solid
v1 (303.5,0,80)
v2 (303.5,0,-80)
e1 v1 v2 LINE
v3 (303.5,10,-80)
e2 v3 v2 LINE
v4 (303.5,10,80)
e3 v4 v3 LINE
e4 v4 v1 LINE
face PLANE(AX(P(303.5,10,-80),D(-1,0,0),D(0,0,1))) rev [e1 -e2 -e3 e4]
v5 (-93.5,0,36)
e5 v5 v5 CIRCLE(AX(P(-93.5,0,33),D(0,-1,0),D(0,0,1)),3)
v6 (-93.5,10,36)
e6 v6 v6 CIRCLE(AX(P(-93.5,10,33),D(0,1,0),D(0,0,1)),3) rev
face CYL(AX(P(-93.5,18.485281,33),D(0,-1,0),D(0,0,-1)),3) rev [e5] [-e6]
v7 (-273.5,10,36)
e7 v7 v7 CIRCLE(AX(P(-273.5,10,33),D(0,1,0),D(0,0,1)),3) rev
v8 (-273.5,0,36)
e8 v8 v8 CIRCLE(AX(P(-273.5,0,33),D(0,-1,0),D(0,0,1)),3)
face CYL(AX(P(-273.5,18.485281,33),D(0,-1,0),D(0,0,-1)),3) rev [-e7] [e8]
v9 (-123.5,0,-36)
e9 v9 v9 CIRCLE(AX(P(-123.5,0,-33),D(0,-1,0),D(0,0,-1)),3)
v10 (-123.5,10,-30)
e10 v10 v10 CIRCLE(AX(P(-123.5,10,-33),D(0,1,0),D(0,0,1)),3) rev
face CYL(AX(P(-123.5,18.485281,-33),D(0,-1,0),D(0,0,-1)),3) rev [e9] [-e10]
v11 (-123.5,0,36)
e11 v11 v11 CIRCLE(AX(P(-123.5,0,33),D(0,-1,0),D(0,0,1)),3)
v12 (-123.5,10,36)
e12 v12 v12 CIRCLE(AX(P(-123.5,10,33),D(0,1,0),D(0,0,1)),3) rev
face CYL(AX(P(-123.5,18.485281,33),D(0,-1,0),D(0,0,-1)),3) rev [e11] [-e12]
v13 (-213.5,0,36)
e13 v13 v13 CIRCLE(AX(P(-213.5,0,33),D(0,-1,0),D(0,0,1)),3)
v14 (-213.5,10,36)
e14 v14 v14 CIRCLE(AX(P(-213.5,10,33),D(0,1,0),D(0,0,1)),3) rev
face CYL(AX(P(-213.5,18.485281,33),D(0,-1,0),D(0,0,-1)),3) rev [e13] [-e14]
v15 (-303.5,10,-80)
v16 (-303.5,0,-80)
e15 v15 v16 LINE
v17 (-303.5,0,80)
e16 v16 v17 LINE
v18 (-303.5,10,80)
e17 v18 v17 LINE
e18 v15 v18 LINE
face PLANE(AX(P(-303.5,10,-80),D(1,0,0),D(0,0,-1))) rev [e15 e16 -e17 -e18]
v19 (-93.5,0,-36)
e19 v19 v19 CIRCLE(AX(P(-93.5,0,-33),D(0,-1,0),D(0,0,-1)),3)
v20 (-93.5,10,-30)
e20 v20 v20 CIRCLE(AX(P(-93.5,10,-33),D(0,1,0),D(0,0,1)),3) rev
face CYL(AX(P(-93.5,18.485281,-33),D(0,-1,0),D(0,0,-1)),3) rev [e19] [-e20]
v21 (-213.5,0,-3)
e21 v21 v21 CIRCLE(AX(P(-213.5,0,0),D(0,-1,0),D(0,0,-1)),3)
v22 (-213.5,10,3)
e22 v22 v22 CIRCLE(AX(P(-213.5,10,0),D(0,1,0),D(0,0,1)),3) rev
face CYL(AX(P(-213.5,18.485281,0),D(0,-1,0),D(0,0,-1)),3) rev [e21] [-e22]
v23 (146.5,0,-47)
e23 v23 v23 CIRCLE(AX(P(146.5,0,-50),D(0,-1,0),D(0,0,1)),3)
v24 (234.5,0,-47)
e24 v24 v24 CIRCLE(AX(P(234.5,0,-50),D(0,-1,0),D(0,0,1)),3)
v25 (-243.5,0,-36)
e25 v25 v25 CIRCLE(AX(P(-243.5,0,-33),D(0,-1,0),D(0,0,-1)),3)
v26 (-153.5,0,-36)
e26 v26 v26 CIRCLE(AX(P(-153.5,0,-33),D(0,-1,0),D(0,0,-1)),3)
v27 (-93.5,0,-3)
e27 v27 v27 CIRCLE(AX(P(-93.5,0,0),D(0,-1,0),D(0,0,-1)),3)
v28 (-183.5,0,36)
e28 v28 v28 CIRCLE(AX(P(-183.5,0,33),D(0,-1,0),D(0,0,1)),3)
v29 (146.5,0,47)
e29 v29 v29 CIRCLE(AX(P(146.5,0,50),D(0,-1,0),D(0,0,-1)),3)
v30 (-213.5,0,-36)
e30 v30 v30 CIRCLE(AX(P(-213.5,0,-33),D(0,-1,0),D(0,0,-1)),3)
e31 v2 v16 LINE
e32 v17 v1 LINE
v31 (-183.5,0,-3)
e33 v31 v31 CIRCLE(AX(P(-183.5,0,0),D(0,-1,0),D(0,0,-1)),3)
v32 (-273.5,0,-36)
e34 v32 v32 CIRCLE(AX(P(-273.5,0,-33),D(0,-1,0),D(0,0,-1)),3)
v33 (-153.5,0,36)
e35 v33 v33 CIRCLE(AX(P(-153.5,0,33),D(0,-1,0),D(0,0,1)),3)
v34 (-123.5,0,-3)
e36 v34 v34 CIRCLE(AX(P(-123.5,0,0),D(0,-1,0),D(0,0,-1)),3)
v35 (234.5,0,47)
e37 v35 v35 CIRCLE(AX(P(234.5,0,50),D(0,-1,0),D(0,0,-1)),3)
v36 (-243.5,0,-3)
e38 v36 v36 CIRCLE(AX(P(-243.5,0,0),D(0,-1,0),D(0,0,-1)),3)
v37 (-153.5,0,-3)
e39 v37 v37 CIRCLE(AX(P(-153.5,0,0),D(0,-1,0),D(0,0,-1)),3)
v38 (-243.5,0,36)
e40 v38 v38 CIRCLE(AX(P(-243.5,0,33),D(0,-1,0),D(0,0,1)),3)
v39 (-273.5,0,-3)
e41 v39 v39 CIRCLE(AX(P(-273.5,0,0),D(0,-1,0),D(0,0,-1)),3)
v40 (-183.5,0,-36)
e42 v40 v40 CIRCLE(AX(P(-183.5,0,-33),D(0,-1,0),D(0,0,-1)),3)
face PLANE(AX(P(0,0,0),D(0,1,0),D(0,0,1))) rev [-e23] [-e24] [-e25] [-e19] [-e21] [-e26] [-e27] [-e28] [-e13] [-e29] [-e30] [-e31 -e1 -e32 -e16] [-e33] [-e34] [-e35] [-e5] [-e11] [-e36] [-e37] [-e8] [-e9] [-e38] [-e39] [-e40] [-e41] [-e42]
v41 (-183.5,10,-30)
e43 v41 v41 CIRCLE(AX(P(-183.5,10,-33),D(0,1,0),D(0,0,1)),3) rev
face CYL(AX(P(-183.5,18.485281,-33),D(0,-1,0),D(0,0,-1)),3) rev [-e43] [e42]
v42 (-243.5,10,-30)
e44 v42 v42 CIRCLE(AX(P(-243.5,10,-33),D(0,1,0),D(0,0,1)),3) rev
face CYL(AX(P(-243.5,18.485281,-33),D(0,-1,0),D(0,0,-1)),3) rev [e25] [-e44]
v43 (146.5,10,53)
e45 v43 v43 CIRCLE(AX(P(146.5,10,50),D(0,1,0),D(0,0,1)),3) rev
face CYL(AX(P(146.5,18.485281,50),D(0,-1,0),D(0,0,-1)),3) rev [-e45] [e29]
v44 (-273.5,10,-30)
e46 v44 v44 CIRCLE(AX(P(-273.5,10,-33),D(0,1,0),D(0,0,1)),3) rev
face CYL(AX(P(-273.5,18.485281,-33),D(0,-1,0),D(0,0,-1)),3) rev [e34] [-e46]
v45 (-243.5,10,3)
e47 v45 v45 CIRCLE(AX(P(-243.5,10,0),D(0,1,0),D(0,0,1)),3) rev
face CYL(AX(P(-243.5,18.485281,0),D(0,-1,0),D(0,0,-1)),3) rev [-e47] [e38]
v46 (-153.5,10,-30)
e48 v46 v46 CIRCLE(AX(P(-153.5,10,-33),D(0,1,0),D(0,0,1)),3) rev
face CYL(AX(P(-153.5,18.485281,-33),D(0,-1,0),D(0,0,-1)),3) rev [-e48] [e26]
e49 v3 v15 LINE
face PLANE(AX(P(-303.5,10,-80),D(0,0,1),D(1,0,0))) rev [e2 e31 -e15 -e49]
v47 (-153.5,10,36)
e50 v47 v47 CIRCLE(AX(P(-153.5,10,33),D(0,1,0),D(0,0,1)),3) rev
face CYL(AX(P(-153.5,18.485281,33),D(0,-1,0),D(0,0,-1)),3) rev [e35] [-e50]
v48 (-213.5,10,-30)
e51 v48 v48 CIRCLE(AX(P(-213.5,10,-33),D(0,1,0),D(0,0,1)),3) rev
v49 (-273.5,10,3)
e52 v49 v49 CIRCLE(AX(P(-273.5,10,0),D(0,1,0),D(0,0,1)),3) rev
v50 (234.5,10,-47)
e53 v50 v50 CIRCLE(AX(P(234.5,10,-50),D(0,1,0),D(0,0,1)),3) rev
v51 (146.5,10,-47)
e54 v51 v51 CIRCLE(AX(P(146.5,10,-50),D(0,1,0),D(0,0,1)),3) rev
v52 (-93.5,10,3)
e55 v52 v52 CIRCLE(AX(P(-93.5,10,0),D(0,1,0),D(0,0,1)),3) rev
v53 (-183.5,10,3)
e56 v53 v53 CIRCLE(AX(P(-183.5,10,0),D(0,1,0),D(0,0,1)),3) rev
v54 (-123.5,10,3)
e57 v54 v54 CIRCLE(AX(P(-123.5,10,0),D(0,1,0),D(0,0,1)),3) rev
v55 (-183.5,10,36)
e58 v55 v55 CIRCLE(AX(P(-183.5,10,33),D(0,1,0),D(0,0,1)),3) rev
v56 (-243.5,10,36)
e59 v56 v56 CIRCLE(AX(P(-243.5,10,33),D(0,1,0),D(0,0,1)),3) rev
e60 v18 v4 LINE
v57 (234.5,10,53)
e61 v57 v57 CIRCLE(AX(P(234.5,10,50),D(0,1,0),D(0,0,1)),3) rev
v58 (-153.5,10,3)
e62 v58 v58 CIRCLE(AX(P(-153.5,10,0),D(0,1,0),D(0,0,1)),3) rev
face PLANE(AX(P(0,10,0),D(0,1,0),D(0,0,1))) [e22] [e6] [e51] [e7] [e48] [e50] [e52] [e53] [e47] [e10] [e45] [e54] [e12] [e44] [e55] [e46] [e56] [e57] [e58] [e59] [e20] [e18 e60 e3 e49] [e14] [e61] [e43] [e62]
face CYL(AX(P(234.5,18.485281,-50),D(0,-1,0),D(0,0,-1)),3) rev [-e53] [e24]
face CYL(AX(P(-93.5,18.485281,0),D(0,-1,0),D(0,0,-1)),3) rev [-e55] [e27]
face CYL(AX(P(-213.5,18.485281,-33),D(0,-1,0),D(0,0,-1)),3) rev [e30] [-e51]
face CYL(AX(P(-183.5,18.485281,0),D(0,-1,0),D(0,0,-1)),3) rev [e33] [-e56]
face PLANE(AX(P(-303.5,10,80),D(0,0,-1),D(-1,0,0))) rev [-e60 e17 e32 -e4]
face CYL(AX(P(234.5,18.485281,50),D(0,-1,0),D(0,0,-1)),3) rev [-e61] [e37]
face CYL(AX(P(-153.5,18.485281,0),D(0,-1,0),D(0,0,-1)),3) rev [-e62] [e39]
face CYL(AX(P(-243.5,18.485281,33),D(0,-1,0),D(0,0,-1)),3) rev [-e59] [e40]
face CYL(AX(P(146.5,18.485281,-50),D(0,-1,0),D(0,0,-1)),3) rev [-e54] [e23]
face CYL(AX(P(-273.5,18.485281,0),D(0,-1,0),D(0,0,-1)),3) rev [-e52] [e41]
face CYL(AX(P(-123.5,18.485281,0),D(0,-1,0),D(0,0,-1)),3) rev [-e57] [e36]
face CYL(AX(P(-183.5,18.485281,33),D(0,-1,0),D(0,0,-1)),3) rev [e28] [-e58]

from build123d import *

# Parameters (mm, degrees)
SKETCH1_W           = 607
SKETCH1_H           = 160
BOSS_EXTRUDE1_DEPTH = 10
SKETCH2_R           = 3
CUT_EXTRUDE1_DEPTH  = 10


with BuildPart() as part:
    # Sketch1 → Boss-Extrude1 (new body)
    with BuildSketch(Plane(origin=(0, 0, 0), x_dir=(1, 0, 0), z_dir=(0, 1, 0))):
        Rectangle(SKETCH1_W, SKETCH1_H)
    extrude(amount=BOSS_EXTRUDE1_DEPTH)

    # Sketch2 → Cut-Extrude1 (cut)
    with BuildSketch(Plane.XZ):
        with Locations(Location((-93.5, -33, 0), (0, 0, 270))):
            Circle(SKETCH2_R)
        with Locations(Location((-123.5, -33, 0), (0, 0, 270))):
            Circle(SKETCH2_R)
        with Locations(Location((-153.5, -33, 0), (0, 0, 270))):
            Circle(SKETCH2_R)
        with Locations(Location((-183.5, -33, 0), (0, 0, 270))):
            Circle(SKETCH2_R)
        with Locations(Location((-183.5, 0, 0), (0, 0, 270))):
            Circle(SKETCH2_R)
        with Locations(Location((-183.5, 33, 0), (0, 0, 90))):
            Circle(SKETCH2_R)
        with Locations(Location((-213.5, 33, 0), (0, 0, 90))):
            Circle(SKETCH2_R)
        with Locations(Location((-153.5, 0, 0), (0, 0, 270))):
            Circle(SKETCH2_R)
        with Locations(Location((-213.5, -33, 0), (0, 0, 270))):
            Circle(SKETCH2_R)
        with Locations(Location((-153.5, 33, 0), (0, 0, 90))):
            Circle(SKETCH2_R)
        with Locations(Location((-123.5, 0, 0), (0, 0, 270))):
            Circle(SKETCH2_R)
        with Locations(Location((-123.5, 33, 0), (0, 0, 90))):
            Circle(SKETCH2_R)
        with Locations(Location((-93.5, 0, 0), (0, 0, 270))):
            Circle(SKETCH2_R)
        with Locations(Location((-93.5, 33, 0), (0, 0, 90))):
            Circle(SKETCH2_R)
        with Locations(Location((234.5, 50, 0), (0, 0, 270))):
            Circle(SKETCH2_R)
        with Locations(Location((146.5, 50, 0), (0, 0, 270))):
            Circle(SKETCH2_R)
        with Locations(Location((146.5, -50, 0), (0, 0, 90))):
            Circle(SKETCH2_R)
        with Locations(Location((234.5, -50, 0), (0, 0, 90))):
            Circle(SKETCH2_R)
        with Locations(Location((-243.5, 33, 0), (0, 0, 90))):
            Circle(SKETCH2_R)
        with Locations(Location((-243.5, 0, 0), (0, 0, 270))):
            Circle(SKETCH2_R)
        with Locations(Location((-213.5, 0, 0), (0, 0, 270))):
            Circle(SKETCH2_R)
        with Locations(Location((-243.5, -33, 0), (0, 0, 270))):
            Circle(SKETCH2_R)
        with Locations(Location((-273.5, 33, 0), (0, 0, 90))):
            Circle(SKETCH2_R)
        with Locations(Location((-273.5, 0, 0), (0, 0, 270))):
            Circle(SKETCH2_R)
        with Locations(Location((-273.5, -33, 0), (0, 0, 270))):
            Circle(SKETCH2_R)
    extrude(amount=-CUT_EXTRUDE1_DEPTH, mode=Mode.SUBTRACT)


solid = part.part
